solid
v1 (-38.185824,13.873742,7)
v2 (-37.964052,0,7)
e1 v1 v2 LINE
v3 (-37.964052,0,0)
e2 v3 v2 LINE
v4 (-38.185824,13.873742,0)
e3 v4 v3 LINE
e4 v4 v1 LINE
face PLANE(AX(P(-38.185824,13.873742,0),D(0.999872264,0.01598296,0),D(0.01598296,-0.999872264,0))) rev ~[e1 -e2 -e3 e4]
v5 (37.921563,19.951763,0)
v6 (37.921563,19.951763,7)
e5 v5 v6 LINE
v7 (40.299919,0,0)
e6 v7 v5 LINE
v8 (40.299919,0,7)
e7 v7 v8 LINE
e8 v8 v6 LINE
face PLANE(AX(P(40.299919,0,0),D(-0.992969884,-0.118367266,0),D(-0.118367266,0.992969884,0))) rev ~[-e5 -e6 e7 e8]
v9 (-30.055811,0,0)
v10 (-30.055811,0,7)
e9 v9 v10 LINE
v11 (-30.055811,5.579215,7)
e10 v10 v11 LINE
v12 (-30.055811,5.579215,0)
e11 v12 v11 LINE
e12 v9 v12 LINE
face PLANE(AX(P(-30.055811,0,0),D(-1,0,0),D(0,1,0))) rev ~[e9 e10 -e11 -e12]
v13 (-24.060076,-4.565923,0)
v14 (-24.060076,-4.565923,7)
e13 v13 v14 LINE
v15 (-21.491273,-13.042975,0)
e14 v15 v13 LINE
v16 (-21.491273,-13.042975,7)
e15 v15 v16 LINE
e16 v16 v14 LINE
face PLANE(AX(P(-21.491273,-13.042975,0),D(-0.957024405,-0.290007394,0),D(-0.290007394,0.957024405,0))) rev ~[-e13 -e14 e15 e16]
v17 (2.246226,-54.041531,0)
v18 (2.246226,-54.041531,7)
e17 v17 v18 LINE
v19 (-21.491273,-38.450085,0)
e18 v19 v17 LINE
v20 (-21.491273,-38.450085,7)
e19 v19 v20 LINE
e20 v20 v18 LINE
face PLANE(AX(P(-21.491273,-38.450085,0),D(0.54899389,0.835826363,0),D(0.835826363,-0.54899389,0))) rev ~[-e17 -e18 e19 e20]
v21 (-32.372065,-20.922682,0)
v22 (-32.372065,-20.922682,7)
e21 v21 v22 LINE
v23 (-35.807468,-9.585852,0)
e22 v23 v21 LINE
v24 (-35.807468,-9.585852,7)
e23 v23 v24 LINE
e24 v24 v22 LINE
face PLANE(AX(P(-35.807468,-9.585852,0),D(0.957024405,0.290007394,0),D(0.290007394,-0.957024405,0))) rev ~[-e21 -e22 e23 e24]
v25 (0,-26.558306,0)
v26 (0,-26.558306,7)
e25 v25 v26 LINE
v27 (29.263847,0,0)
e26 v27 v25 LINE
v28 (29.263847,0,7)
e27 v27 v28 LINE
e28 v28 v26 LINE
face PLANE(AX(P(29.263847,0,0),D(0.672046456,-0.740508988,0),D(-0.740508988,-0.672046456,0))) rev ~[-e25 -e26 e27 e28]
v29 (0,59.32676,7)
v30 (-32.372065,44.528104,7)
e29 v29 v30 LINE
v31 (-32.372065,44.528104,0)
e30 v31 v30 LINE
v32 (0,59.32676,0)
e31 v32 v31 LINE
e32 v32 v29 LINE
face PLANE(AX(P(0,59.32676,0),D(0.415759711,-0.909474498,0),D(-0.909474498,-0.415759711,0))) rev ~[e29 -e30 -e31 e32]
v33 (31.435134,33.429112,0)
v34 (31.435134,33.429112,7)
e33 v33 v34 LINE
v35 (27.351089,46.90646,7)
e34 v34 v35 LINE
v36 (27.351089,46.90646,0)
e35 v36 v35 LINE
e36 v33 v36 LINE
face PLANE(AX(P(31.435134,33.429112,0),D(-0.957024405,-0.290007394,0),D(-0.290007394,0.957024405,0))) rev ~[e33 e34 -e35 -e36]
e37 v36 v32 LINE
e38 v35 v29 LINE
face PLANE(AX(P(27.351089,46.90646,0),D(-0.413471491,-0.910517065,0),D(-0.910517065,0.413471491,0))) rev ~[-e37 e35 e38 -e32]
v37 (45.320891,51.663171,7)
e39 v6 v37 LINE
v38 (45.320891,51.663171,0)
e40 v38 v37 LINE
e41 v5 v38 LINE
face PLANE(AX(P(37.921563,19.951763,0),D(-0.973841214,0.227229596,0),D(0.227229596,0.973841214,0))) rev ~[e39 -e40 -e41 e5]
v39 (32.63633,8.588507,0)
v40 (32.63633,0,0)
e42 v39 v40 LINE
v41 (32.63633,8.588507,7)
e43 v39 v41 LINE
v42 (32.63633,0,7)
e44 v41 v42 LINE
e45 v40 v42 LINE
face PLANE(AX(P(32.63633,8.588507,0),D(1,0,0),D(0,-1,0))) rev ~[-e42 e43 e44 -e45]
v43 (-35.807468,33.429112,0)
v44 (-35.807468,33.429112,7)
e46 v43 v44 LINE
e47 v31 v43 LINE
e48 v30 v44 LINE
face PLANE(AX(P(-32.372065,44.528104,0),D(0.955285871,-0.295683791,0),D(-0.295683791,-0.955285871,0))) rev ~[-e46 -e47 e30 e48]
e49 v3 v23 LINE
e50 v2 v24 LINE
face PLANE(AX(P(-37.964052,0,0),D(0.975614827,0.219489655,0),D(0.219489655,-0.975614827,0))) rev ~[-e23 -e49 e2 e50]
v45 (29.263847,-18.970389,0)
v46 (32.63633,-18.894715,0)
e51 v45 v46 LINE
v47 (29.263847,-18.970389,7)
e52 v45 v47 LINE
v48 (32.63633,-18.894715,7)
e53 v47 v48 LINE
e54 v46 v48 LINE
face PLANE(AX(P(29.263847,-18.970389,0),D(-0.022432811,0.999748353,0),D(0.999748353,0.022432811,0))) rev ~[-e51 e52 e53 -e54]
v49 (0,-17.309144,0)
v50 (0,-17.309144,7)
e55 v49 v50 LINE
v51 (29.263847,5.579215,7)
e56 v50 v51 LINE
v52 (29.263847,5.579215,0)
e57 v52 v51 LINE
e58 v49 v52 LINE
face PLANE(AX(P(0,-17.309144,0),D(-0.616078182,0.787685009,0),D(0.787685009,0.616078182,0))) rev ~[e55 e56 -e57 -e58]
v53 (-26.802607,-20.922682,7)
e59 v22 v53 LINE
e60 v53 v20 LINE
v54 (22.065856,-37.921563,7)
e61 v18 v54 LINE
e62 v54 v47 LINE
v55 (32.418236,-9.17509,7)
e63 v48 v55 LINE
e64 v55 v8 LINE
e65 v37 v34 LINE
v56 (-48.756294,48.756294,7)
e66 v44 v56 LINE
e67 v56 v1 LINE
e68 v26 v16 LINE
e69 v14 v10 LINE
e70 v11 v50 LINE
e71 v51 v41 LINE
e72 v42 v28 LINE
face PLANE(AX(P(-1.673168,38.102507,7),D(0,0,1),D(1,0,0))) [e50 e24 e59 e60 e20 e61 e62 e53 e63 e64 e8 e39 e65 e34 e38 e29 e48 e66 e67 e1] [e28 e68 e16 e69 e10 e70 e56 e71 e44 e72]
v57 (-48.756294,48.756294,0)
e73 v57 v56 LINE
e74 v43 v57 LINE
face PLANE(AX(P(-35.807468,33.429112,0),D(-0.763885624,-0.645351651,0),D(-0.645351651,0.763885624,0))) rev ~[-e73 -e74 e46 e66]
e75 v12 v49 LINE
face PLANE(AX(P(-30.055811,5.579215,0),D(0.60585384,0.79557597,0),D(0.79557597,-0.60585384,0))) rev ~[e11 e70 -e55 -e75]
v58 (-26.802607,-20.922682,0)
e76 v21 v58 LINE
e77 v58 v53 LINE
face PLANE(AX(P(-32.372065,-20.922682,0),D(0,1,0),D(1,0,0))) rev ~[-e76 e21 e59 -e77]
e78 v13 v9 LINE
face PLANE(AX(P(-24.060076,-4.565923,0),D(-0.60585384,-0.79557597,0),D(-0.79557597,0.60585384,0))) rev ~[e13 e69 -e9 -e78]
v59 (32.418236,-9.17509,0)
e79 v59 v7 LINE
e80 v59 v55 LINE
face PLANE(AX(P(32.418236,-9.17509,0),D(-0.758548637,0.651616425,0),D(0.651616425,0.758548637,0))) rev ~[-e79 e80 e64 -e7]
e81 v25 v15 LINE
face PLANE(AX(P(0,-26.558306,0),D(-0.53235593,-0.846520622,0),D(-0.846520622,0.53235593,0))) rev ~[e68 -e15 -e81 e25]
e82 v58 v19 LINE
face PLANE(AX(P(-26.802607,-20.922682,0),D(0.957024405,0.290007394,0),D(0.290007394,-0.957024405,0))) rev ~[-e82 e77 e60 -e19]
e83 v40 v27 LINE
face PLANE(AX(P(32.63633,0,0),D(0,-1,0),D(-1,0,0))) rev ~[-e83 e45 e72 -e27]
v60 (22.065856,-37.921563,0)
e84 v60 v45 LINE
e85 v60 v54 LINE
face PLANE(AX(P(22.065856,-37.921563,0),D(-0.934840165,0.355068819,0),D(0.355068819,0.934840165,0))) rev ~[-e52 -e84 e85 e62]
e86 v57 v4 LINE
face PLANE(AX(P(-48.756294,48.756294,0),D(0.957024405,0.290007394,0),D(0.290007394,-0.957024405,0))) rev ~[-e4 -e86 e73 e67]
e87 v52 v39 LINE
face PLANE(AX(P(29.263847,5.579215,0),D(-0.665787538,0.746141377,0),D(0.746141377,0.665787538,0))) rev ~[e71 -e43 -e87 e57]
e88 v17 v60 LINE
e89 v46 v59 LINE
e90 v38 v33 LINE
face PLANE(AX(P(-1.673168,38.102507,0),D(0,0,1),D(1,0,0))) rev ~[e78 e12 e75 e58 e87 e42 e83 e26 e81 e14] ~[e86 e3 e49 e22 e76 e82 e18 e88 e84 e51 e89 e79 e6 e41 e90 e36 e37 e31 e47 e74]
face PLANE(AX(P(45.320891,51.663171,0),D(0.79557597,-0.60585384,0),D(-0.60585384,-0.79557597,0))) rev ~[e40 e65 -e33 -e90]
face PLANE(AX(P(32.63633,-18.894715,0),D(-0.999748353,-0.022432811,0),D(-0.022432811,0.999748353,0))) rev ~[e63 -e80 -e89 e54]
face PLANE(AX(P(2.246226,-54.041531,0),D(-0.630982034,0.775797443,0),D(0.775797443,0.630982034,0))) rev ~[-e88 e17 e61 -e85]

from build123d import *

# Parameters (mm, degrees)
F1_DEPTH = 7


with BuildPart() as f1:
    # F0 (on Top) → F1 (new body)
    with BuildSketch(Plane.XY):
        Polygon((-48.7562939525, 48.7562939525), (-38.1858237088, 13.873741962), (-27.4275951748, 28.0008919963), (-21.4912726922, 23.4802127536), (0, 47.1707247198), (19.9517626315, 25.7655214518), (22.7108810395, 29.3886532332), (37.9215627909, 19.9517626315), (45.3208908439, 51.6631715), (31.4351335853, 33.4291122854), (27.3510888219, 46.9064600766), (0, 59.3267604709), (-32.3720648885, 44.5281043649), (-35.8074679971, 33.4291122854), align=None)
        Polygon((-27.4275951748, 28.0008919963), (-38.1858237088, 13.873741962), (-37.9640519174, 0), (-32.3720648885, 7.343108533), (-30.055811015, 5.5792150051), (0, -17.3091441393), (29.2638465335, 5.5792150051), (32.6363295317, 8.5885068402), (40.2999185026, 0), (37.9215627909, 19.9517626315), (22.7108810395, 29.3886532332), (19.9517626315, 25.7655214518), (0, 47.1707247198), (-21.4912726922, 23.4802127536), align=None)
        Polygon((-32.3720648885, 7.343108533), (-37.9640519174, 0), (-30.055811015, 0), (-30.055811015, 5.5792150051), align=None)
        Polygon((-30.055811015, 0), (-37.9640519174, 0), (-35.8074679971, -9.5858515484), align=None)
        Polygon((-24.0600761798, -4.5659234474), (-30.055811015, 0), (-35.8074679971, -9.5858515484), (-32.3720648885, -20.9226818673), (-26.8026068334, -20.9226818673), (-21.4912726922, -38.4500846267), (2.2462261841, -54.041530937), (22.0658555627, -37.9215627909), (29.2638465335, -18.9703885511), (32.6363295317, -18.8947152346), (32.4182361364, -9.1750901192), (29.2638465335, 0), (0, -26.5583060682), (-21.4912726922, -13.0429750016), align=None)
        Polygon((40.2999185026, 0), (32.6363295317, 8.5885068402), (32.6363295317, 0), (29.2638465335, 0), (32.4182361364, -9.1750901192), align=None)
    extrude(amount=F1_DEPTH)


solid = f1.part
